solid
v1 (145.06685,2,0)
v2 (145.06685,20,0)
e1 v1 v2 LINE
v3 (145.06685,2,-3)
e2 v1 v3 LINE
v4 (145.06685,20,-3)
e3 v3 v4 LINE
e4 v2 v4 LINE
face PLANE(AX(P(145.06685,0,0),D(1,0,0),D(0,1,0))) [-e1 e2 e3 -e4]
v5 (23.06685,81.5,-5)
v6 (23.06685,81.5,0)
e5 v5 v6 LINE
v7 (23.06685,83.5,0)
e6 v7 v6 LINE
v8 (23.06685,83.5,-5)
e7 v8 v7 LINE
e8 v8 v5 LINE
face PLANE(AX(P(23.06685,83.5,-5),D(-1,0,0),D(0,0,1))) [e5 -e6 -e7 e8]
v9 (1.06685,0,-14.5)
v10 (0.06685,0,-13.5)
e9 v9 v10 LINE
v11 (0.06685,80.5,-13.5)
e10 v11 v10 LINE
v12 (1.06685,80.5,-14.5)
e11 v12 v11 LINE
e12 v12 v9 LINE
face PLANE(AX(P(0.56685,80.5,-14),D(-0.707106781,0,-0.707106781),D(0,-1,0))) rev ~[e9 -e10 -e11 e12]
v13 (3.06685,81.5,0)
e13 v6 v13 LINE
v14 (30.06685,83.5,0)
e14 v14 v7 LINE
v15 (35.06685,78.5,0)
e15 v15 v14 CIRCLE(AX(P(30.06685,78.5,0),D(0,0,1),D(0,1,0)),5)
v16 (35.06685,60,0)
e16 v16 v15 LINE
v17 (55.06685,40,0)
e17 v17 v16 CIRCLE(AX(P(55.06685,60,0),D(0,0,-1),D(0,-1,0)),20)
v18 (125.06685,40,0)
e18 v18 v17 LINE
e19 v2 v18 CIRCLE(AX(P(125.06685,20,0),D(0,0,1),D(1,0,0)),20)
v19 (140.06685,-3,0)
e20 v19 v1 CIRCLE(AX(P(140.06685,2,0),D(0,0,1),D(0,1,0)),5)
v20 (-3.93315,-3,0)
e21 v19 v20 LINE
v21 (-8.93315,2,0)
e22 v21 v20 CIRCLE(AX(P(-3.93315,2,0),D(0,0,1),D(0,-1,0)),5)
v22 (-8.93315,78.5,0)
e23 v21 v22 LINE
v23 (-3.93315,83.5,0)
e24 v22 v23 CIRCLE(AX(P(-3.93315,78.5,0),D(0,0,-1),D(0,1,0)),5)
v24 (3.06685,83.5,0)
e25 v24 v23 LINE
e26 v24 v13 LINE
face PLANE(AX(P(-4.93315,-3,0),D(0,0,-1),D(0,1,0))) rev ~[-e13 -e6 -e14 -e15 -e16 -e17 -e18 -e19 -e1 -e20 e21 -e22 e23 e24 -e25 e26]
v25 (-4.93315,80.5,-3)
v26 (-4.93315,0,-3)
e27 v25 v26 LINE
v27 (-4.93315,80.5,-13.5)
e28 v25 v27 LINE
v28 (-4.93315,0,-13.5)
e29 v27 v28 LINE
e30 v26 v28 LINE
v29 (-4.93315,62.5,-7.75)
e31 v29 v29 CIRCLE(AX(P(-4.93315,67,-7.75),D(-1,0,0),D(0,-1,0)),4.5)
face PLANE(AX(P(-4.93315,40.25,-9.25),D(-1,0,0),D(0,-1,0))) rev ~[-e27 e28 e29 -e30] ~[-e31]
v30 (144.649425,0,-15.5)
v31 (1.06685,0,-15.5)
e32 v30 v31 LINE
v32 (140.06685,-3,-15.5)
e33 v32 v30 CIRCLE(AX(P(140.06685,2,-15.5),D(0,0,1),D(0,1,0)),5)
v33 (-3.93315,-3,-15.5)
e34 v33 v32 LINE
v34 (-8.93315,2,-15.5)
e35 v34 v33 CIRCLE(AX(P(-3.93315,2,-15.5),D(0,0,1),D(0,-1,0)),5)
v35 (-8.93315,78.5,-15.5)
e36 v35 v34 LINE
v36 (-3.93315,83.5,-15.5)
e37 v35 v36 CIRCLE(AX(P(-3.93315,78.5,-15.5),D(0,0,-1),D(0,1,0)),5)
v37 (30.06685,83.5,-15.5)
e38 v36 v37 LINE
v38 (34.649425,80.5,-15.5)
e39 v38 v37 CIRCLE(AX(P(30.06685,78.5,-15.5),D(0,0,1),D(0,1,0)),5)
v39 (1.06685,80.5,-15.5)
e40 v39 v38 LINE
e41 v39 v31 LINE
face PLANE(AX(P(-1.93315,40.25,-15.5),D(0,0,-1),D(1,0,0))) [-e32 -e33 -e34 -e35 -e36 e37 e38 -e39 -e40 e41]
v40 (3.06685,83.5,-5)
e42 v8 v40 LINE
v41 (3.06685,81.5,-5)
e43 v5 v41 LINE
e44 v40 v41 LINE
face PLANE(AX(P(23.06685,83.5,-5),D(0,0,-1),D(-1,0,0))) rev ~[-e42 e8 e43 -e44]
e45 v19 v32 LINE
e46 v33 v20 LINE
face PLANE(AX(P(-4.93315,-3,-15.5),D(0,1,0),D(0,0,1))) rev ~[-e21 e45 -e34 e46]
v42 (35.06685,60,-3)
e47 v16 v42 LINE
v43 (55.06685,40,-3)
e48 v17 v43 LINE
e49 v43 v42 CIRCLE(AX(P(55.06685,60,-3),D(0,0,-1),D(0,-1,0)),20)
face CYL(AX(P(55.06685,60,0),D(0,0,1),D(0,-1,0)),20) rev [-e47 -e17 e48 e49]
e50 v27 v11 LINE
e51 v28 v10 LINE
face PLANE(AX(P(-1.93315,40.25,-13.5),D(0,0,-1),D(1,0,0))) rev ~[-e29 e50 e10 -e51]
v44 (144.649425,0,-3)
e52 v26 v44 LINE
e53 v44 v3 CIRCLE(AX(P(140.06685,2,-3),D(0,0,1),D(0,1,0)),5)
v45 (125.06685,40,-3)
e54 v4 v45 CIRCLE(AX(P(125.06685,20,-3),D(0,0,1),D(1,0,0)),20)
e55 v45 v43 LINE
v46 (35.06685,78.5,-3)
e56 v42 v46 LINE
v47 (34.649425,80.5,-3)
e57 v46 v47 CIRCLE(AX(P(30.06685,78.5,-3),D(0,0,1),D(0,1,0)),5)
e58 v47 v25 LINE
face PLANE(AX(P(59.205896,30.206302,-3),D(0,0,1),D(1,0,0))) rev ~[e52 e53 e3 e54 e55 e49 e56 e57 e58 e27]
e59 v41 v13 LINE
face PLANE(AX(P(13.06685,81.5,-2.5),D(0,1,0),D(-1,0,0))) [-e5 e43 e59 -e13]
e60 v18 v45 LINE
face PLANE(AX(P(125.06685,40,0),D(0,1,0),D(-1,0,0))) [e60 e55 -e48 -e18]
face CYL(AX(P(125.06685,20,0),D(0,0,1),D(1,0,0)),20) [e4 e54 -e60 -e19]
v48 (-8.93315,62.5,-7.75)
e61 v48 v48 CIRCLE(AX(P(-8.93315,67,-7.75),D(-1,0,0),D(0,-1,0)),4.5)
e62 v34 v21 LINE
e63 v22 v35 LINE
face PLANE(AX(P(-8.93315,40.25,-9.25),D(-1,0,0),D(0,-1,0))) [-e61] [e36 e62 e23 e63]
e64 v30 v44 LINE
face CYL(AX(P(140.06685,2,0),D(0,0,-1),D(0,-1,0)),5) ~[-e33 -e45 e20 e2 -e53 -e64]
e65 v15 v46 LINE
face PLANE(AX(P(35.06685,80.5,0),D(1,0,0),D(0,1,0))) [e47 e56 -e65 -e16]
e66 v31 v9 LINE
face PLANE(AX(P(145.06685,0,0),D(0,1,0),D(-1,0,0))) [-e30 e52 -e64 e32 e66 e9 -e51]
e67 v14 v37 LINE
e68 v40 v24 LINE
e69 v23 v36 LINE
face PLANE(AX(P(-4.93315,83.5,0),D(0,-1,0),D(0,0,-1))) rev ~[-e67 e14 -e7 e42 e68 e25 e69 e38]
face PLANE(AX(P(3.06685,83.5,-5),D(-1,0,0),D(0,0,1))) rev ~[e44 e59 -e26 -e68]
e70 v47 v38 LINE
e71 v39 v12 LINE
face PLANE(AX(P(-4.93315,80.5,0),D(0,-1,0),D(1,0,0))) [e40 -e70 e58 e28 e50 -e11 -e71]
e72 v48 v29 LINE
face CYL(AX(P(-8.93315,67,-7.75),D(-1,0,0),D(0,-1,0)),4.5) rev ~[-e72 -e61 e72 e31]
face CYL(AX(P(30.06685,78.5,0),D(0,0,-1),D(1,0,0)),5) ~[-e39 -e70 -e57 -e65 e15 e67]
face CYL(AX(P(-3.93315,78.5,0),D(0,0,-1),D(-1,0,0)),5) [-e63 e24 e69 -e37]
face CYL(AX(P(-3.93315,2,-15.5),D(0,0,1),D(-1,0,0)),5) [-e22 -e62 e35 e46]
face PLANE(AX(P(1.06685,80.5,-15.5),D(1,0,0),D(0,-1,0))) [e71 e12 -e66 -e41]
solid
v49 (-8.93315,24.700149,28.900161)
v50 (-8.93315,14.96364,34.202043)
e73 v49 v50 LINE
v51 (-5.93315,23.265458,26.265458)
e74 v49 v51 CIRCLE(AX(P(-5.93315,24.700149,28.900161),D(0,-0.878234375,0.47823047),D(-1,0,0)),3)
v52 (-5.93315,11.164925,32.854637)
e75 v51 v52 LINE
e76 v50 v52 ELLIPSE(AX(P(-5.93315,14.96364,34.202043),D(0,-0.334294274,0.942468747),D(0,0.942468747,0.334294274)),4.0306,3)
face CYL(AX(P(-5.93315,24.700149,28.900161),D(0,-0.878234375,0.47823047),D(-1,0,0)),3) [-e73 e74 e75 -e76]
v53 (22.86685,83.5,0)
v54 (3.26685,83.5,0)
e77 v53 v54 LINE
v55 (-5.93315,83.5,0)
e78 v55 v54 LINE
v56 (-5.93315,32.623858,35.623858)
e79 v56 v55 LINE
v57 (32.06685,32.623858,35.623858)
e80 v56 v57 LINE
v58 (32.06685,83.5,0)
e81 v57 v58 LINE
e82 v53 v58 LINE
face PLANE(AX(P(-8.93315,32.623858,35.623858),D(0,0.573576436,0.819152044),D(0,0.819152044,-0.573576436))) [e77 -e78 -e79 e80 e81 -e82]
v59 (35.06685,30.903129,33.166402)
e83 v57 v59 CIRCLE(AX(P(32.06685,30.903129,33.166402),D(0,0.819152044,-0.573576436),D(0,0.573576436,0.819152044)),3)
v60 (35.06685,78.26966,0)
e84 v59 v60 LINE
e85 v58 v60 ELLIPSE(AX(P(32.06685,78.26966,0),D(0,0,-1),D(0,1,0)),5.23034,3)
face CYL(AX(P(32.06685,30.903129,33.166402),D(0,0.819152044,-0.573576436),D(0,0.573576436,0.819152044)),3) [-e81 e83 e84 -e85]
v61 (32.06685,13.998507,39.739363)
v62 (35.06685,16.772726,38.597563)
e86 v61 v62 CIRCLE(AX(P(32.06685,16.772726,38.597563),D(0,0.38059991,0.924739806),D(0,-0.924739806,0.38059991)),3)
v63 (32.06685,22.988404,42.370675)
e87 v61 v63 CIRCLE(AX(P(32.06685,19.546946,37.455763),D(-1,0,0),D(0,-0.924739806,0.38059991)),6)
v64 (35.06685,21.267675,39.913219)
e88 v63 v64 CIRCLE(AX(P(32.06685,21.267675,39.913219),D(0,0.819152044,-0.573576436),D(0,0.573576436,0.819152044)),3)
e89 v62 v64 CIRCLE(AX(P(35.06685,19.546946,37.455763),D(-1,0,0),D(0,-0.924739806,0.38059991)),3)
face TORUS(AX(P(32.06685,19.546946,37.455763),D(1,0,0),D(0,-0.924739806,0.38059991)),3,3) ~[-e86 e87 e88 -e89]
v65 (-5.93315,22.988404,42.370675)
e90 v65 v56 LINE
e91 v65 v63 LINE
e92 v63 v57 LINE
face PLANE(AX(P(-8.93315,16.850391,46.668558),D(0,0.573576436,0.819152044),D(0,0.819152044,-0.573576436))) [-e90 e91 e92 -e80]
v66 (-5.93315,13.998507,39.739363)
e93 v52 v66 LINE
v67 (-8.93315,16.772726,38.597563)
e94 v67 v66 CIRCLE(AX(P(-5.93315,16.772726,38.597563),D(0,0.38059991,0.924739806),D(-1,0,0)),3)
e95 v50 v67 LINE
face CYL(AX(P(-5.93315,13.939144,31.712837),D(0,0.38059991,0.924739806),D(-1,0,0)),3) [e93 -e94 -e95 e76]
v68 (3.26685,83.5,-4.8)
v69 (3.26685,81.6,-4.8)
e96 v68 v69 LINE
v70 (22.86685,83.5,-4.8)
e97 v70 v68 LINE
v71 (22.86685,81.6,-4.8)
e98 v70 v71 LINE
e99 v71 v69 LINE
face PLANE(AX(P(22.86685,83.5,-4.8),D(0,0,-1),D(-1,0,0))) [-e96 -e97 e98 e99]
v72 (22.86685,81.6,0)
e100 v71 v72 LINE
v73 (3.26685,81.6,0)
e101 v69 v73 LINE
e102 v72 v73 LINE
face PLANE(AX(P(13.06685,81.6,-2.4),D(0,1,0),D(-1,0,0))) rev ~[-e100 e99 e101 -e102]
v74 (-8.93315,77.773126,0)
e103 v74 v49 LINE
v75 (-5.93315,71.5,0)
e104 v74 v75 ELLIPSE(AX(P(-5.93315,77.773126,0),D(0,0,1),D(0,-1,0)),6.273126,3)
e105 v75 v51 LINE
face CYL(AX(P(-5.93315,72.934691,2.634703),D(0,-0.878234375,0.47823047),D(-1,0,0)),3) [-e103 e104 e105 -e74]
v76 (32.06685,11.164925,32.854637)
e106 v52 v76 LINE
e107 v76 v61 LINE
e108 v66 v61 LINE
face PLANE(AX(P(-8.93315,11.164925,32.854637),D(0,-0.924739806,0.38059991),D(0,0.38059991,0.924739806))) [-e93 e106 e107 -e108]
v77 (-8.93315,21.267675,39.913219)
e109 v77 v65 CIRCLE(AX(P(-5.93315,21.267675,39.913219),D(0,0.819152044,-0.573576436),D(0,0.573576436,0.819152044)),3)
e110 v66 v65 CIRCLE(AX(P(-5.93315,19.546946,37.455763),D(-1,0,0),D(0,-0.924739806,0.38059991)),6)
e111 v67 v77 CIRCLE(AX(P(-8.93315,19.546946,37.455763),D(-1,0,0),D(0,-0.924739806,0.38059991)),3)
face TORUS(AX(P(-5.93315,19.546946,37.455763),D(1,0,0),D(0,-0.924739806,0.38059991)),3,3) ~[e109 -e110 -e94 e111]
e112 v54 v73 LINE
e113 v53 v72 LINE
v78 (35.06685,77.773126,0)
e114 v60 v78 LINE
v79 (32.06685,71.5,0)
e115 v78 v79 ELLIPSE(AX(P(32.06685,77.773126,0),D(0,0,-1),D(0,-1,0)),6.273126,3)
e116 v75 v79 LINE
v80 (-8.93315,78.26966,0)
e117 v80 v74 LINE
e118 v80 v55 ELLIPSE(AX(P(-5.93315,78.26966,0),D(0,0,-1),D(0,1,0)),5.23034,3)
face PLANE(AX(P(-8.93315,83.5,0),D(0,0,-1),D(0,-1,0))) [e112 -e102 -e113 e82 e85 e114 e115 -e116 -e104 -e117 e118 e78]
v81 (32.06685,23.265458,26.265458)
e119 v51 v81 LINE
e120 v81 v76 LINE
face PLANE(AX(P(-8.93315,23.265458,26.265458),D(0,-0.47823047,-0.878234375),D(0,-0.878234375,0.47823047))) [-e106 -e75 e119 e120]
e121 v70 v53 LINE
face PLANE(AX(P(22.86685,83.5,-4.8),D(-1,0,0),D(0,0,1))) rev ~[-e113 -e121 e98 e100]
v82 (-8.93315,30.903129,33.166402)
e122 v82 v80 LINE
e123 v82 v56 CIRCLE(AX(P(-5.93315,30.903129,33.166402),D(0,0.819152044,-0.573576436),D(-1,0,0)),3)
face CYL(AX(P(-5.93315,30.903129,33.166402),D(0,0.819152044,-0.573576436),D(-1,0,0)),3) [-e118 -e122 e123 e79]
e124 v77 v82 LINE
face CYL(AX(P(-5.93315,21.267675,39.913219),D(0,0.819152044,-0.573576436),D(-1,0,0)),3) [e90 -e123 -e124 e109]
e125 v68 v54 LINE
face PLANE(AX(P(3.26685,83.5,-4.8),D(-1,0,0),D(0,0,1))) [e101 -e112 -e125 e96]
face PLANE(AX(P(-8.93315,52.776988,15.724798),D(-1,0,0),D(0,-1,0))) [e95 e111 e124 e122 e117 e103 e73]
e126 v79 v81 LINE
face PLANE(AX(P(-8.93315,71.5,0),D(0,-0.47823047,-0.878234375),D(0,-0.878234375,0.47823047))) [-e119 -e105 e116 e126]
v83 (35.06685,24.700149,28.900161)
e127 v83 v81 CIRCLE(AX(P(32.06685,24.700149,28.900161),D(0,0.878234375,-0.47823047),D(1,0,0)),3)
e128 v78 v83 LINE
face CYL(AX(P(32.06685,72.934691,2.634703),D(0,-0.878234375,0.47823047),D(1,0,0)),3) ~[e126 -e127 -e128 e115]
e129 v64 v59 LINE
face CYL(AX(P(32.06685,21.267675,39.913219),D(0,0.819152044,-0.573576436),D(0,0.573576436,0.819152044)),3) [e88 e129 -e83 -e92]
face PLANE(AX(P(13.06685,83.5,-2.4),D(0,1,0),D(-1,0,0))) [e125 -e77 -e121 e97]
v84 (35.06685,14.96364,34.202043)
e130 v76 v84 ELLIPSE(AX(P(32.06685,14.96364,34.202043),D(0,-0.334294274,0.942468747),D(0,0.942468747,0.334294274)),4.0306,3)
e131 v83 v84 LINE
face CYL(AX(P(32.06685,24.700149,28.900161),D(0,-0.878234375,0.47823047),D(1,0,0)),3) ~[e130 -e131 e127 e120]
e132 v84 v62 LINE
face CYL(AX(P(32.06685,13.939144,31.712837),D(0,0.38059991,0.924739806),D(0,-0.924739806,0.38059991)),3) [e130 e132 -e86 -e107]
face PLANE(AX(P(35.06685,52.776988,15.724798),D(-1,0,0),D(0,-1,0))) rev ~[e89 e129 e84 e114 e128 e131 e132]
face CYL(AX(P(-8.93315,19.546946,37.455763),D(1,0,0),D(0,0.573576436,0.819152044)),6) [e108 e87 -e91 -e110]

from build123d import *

# Parameters (mm, degrees)
F1_DEPTH  = 3
F0_W      = 40
F0_H      = 3
F2_DEPTH  = 15.5
F3_W      = 80.5
F3_H      = 12.5
F4_DEPTH  = 4
F5_W      = 6
F5_H      = 80.5
F6_DEPTH  = 2
F7_R      = 4.5
F8_DEPTH  = 25
F10_DEPTH = 44
F11_W     = 20
F11_H     = 5
F12_DEPTH = 2
F13_W     = 19.6
F13_H     = 4.8
F14_DEPTH = 1.9
F15_R     = 6
F16_R     = 3
F17_R     = 5
F18_SIZE  = 1
F19_R     = 5
F20_R     = 5


with BuildPart() as f1:
    # F0 (on Top) → F1 (new body)
    with BuildSketch(Plane.XY):
        with BuildLine():
            Line((-4.9331504512, 80.5), (-4.9331504512, 0))
            Line((-4.9331504512, 0), (35.0668495488, 0))
            Line((35.0668495488, 0), (145.0668495488, 0))
            Line((145.0668495488, 0), (145.0668495488, 20))
            ThreePointArc((145.0668495488, 20), (139.2089851725, 34.1421356237), (125.0668495488, 40))
            Line((125.0668495488, 40), (55.0668495488, 40))
            ThreePointArc((55.0668495488, 40), (40.9247139251, 45.8578643763), (35.0668495488, 60))
            Line((35.0668495488, 60), (35.0668495488, 80.5))
            Line((35.0668495488, 80.5), (-4.9331504512, 80.5))
        make_face()
    extrude(amount=-F1_DEPTH)

    # F0 (on Top) → F2 (join)
    with BuildSketch(Plane.XY):
        with Locations((15.0668495488, 82)):
            Rectangle(F0_W, F0_H)
        Polygon((35.0668495488, 0), (-4.9331504512, 0), (-4.9331504512, -3), (145.0668495488, -3), (145.0668495488, 0), align=None)
    extrude(amount=-F2_DEPTH)

    # F3 (on face) → F4 (join)
    with BuildSketch(Plane(origin=(-4.9331504512, 0, 0), x_dir=(0, -1, 0), z_dir=(-1, 0, 0))):
        with Locations((-40.25, -9.25)):
            Rectangle(F3_W, F3_H)
        Polygon((-83.5, 0), (-83.5, -15.5), (-80.5, -15.5), (-80.5, -3), (0, -3), (0, -15.5), (3, -15.5), (3, 0), align=None)
    extrude(amount=F4_DEPTH)

    # F5 (on face) → F6 (join)
    with BuildSketch(Plane(origin=(0, 0, -15.5), x_dir=(1, 0, 0), z_dir=(0, 0, -1))):
        with Locations((-1.9331504512, -40.25)):
            Rectangle(F5_W, F5_H)
    extrude(amount=-F6_DEPTH)

    # F7 (on face) → F8 (cut)
    with BuildSketch(Plane(origin=(-8.9331504512, 0, 0), x_dir=(0, -1, 0), z_dir=(-1, 0, 0))):
        with Locations((-67, -7.75)):
            Circle(F7_R)
    extrude(amount=-F8_DEPTH, mode=Mode.SUBTRACT)

    # F11 (on face) → F12 (cut)
    with BuildSketch(Plane(origin=(0, 83.5, 0), x_dir=(-1, 0, 0), z_dir=(0, 1, 0))):
        with Locations((-13.0668495488, -2.5)):
            Rectangle(F11_W, F11_H)
    extrude(amount=-F12_DEPTH, mode=Mode.SUBTRACT)

    # F17
    f17_edges = [f1.edges().sort_by_distance(p)[0] for p in [
        (-8.93315, 83.5, -7.75),
        (35.06685, 83.5, -7.75),
    ]]
    fillet(f17_edges, radius=F17_R)

    # F18
    f18_edges = [f1.edges().sort_by_distance(p)[0] for p in [
        (1.06685, 40.25, -13.5),
    ]]
    chamfer(f18_edges, length=F18_SIZE)

    # F19
    f19_edges = [f1.edges().sort_by_distance(p)[0] for p in [
        (-8.93315, -3, -7.75),
    ]]
    fillet(f19_edges, radius=F19_R)

    # F20
    f20_edges = [f1.edges().sort_by_distance(p)[0] for p in [
        (145.06685, -3, -7.75),
    ]]
    fillet(f20_edges, radius=F20_R)


with BuildPart() as f10:
    # F9 (on face) → F10 (new body)
    with BuildSketch(Plane(origin=(-8.9331504512, 0, 0), x_dir=(0, -1, 0), z_dir=(-1, 0, 0))):
        Polygon((-32.6238580844, 35.6238580844), (-83.5, 0), (-71.5, 0), (-23.2654577068, 26.2654577068), align=None)
        Polygon((-16.8503914992, 46.668558291), (-32.6238580844, 35.6238580844), (-23.2654577068, 26.2654577068), (-11.1649248647, 32.8546367159), align=None)
    extrude(amount=-F10_DEPTH)

    # F13 (on face) → F14 (join)
    with BuildSketch(Plane(origin=(0, 83.5, 0), x_dir=(-1, 0, 0), z_dir=(0, 1, 0))):
        with Locations((-13.0668495488, -2.4)):
            Rectangle(F13_W, F13_H)
    extrude(amount=-F14_DEPTH)

    # F15
    f15_edges = [f10.edges().sort_by_distance(p)[0] for p in [
        (13.06685, 16.850391, 46.668558),
    ]]
    fillet(f15_edges, radius=F15_R)

    # F16
    f16_edges = [f10.edges().sort_by_distance(p)[0] for p in [
        (-8.93315, 53.244202, 21.185338),
        (35.06685, 53.244202, 21.185338),
        (-8.93315, 41.332462, 16.427318),
        (35.06685, 41.332462, 16.427318),
    ]]
    fillet(f16_edges, radius=F16_R)


solid = Compound([f1.part, f10.part])
